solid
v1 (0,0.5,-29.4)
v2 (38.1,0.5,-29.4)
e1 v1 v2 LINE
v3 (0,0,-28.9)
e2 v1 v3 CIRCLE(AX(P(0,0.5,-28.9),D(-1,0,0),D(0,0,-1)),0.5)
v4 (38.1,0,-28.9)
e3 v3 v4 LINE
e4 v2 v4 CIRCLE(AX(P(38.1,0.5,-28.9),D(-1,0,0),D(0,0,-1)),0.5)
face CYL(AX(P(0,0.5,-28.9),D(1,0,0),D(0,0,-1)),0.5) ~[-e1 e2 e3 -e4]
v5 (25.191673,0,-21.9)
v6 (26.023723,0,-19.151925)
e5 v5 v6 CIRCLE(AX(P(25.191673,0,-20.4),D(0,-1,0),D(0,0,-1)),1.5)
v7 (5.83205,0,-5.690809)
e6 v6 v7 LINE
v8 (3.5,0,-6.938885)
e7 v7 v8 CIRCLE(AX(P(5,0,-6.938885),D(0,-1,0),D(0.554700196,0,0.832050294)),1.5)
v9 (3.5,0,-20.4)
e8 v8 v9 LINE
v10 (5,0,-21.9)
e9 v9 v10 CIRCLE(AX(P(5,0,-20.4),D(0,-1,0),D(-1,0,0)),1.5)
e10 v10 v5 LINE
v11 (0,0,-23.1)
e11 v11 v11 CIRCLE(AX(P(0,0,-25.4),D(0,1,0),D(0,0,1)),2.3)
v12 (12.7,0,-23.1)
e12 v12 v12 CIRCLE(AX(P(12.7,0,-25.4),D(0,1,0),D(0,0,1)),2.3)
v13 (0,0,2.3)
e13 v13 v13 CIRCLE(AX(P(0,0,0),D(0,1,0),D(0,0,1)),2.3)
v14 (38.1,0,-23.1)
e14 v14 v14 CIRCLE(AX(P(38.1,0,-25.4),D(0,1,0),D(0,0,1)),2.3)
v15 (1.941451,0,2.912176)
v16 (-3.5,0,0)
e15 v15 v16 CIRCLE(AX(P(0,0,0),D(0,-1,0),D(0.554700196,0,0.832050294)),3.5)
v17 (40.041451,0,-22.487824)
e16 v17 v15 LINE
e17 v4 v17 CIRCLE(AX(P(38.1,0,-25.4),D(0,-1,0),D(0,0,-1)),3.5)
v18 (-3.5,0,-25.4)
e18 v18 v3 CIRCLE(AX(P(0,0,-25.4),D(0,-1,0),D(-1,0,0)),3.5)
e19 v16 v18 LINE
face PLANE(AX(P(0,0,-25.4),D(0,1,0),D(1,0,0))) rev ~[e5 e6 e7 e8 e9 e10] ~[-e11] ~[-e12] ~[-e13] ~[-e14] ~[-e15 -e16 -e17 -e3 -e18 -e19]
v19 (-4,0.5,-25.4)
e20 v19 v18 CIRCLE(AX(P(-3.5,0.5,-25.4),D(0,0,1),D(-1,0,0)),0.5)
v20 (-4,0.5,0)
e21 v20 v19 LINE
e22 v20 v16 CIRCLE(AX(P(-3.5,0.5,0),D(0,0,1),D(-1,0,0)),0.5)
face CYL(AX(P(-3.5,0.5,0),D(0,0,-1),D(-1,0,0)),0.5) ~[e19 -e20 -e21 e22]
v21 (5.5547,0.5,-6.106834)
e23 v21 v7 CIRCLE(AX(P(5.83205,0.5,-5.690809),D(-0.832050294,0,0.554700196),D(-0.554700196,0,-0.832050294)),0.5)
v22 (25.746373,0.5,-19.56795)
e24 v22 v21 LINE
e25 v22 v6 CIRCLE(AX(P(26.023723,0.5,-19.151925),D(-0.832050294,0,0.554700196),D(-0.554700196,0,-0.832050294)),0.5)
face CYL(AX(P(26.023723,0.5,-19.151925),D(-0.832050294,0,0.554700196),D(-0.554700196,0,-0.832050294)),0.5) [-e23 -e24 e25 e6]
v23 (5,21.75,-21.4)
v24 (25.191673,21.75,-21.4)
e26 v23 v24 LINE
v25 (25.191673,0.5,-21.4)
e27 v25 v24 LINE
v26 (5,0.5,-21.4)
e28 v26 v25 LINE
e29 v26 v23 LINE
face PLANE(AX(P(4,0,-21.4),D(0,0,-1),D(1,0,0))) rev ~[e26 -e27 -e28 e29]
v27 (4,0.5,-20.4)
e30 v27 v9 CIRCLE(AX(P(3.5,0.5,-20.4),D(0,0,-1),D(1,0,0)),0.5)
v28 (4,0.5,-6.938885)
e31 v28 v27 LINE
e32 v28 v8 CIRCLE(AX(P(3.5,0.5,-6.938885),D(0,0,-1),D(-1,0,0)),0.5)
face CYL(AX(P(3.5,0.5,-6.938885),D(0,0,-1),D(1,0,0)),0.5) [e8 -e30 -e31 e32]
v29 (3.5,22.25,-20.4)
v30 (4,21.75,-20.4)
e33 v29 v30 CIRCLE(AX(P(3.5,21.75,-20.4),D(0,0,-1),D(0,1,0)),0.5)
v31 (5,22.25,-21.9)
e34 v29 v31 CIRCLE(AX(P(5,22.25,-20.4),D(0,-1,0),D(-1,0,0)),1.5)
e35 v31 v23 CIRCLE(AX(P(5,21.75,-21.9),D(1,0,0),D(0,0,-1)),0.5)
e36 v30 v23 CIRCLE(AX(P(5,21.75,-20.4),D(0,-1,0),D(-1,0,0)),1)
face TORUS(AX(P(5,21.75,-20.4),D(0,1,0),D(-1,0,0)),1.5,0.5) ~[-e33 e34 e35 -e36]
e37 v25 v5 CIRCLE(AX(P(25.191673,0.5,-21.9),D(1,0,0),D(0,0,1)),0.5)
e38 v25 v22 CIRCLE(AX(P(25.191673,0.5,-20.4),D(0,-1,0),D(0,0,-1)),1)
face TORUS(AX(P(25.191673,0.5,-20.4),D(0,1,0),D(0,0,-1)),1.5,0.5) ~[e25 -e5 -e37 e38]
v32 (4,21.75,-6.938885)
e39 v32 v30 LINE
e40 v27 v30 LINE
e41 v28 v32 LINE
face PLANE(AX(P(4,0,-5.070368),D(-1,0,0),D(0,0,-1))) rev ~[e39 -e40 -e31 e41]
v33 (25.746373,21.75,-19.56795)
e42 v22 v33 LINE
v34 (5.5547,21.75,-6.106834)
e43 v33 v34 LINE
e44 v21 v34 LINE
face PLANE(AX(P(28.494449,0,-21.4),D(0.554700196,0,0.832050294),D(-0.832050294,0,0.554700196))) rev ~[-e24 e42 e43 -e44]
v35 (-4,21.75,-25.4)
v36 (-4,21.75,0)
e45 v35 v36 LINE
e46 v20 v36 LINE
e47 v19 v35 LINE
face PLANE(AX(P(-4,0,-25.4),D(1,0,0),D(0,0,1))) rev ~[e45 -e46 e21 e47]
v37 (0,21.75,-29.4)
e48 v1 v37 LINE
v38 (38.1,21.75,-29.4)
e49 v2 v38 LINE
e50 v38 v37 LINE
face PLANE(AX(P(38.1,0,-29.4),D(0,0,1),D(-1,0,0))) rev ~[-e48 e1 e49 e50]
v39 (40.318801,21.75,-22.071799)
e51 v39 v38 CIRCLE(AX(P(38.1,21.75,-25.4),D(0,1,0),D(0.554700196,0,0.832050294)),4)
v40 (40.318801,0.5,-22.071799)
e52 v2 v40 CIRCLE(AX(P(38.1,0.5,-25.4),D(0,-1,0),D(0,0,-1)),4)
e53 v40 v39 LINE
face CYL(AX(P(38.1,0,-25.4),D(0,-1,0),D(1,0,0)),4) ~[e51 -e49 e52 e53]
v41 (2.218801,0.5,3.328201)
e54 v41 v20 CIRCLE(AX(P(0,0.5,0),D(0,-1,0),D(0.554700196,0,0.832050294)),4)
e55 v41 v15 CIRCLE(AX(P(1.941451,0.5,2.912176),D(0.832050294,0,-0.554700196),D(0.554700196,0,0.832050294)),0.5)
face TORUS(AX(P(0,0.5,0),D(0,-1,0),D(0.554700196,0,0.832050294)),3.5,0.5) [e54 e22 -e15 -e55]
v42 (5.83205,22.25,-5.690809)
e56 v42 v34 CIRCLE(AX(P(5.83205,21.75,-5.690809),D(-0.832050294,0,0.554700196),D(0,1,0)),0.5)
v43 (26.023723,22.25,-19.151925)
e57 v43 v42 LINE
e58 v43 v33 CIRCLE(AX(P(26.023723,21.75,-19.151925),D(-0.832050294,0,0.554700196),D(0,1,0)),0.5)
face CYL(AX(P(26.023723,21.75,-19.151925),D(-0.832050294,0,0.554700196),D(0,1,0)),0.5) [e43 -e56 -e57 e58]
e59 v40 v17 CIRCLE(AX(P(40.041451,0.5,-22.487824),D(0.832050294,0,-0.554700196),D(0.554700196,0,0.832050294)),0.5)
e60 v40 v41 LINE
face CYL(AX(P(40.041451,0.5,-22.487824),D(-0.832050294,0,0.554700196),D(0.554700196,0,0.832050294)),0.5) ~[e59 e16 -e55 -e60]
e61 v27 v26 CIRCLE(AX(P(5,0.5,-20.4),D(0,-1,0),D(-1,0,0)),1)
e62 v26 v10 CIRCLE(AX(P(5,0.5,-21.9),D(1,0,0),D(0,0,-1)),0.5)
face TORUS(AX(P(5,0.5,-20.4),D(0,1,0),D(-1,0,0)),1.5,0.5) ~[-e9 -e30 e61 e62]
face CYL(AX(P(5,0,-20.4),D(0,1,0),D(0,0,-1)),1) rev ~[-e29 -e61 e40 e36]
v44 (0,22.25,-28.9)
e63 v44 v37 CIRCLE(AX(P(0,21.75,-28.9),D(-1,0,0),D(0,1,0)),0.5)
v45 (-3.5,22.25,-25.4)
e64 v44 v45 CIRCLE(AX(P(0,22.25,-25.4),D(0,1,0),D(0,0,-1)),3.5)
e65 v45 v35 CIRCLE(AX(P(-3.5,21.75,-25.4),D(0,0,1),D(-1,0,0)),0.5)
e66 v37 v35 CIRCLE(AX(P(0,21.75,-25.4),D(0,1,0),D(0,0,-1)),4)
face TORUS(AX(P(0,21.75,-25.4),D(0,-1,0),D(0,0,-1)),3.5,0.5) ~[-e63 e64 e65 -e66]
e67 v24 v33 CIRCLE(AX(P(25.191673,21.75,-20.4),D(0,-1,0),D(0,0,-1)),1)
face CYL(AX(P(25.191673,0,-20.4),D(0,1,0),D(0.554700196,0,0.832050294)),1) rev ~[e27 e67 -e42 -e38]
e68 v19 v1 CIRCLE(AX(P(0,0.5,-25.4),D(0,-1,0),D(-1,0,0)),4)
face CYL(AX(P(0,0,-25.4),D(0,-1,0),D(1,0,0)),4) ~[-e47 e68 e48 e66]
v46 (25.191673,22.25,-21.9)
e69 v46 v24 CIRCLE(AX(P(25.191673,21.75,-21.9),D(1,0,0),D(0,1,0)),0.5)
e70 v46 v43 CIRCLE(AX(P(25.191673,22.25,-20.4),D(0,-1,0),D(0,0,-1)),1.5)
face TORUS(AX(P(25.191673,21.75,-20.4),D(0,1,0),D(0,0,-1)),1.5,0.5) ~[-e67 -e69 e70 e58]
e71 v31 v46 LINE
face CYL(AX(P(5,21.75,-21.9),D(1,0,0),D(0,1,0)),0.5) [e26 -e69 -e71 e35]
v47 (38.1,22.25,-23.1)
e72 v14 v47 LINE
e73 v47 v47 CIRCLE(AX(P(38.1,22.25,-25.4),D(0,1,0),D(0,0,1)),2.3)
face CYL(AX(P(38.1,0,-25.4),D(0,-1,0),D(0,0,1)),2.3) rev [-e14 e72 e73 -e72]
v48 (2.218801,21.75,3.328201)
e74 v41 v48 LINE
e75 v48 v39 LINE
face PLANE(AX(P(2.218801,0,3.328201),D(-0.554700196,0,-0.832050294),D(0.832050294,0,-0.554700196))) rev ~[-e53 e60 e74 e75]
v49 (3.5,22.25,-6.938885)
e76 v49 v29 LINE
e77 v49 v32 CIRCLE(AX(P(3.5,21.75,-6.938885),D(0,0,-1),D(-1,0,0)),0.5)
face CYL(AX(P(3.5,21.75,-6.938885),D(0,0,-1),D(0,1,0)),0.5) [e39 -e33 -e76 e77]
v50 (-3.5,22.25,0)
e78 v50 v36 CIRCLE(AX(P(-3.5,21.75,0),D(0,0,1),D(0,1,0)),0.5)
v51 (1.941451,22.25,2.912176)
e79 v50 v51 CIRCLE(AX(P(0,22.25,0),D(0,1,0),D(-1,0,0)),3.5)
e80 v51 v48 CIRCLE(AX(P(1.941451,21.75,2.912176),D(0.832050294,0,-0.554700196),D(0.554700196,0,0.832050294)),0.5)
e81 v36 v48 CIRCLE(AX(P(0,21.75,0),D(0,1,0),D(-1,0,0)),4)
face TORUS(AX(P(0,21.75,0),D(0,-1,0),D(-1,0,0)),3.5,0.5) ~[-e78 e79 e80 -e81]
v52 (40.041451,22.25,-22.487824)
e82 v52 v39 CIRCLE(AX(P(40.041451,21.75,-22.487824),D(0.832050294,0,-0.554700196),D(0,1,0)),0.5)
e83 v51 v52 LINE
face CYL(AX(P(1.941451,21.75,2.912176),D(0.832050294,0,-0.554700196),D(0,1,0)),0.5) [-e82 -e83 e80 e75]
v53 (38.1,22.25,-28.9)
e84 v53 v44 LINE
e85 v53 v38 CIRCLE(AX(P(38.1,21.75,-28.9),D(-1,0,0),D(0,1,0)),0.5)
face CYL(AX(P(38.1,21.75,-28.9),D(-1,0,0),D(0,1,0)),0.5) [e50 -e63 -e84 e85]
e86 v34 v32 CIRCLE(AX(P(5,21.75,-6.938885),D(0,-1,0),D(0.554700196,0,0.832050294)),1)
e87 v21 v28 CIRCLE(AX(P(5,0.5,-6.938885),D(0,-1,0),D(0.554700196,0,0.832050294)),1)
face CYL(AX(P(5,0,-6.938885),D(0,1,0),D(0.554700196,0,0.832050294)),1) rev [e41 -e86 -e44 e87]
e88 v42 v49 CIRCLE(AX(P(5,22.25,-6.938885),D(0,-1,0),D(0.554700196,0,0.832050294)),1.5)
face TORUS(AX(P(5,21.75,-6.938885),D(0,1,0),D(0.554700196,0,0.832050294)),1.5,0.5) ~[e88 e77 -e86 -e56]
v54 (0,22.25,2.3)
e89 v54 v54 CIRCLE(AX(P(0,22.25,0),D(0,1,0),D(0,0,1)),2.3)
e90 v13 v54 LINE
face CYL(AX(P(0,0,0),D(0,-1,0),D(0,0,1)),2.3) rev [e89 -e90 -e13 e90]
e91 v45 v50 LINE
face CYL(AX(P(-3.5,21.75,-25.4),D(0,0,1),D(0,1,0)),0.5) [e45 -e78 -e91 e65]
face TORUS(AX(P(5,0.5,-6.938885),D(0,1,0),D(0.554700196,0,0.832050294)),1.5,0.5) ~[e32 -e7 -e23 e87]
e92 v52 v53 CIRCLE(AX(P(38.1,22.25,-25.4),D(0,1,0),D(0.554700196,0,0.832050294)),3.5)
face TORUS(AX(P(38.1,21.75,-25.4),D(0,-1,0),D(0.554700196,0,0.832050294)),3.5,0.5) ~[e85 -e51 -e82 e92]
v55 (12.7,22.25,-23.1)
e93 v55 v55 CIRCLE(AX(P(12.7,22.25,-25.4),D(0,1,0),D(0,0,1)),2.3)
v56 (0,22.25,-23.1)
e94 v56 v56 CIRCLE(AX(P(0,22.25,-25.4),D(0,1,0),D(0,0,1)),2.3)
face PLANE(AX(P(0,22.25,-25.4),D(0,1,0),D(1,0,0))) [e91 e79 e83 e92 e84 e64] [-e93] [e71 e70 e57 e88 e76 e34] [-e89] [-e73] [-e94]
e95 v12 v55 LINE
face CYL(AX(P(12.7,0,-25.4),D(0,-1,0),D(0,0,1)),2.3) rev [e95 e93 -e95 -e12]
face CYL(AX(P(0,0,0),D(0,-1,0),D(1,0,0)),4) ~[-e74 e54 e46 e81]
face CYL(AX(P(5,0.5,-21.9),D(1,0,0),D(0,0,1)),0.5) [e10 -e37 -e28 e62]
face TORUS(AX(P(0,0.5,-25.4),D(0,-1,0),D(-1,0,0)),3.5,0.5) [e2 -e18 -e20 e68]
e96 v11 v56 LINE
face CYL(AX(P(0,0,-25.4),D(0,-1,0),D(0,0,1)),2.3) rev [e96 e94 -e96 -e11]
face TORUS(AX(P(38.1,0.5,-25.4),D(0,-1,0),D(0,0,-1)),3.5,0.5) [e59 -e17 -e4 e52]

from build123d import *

# Parameters (mm, degrees)
SKETCH1_R           = 2.3
SKETCH1_R_2         = 4
BOSS_EXTRUDE1_DEPTH = 22.25
FILLET1_R           = 1
FILLET2_R           = 0.5


with BuildPart() as part:
    # Sketch1 → Boss-Extrude1 (new body)
    # profile 1 of 4: a face of its own
    with BuildSketch(Plane(origin=(0, 0, 0), x_dir=(1, 0, 0), z_dir=(0, 1, 0))):
        with BuildLine():
            ThreePointArc((4, 25.4), (0, 21.4), (-4, 25.4))
            Line((-4, 25.4), (-4, 0))
            ThreePointArc((-4, 0), (0, 4), (4, 0))
            ThreePointArc((4, 0), (3.526698395, -1.887431702), (2.218800785, -3.328201177))
            Line((2.218800785, -3.328201177), (40.318800785, 22.071798823))
            ThreePointArc((40.318800785, 22.071798823), (34.271631894, 24.240863405), (38.1, 29.4))
            Line((38.1, 29.4), (0, 29.4))
            ThreePointArc((0, 29.4), (2.828427125, 28.228427125), (4, 25.4))
        make_face()
        Polygon((4, 5.070367517), (4, 21.4), (28.494448725, 21.4), align=None, mode=Mode.SUBTRACT)
        with Locations(Location((12.7, 25.4, 0), (0, 0, 270))):
            Circle(SKETCH1_R, mode=Mode.SUBTRACT)
    # profile 2 of 4: a face of its own
    with BuildSketch(Plane(origin=(0, 0, 0), x_dir=(1, 0, 0), z_dir=(0, 1, 0))):
        Circle(SKETCH1_R_2)
        with Locations(Location((0, 0, 0), (0, 0, 270))):
            Circle(SKETCH1_R, mode=Mode.SUBTRACT)
    # profile 3 of 4: a face of its own
    with BuildSketch(Plane(origin=(0, 0, 0), x_dir=(1, 0, 0), z_dir=(0, 1, 0))):
        with Locations((38.1, 25.4)):
            Circle(SKETCH1_R_2)
        with Locations(Location((38.1, 25.4, 0), (0, 0, 270))):
            Circle(SKETCH1_R, mode=Mode.SUBTRACT)
    # profile 4 of 4: a face of its own
    with BuildSketch(Plane(origin=(0, 0, 0), x_dir=(1, 0, 0), z_dir=(0, 1, 0))):
        with Locations((0, 25.4)):
            Circle(SKETCH1_R_2)
        with Locations(Location((0, 25.4, 0), (0, 0, 270))):
            Circle(SKETCH1_R, mode=Mode.SUBTRACT)
    extrude(amount=BOSS_EXTRUDE1_DEPTH)

    # Fillet1
    fillet1_edges = [part.edges().sort_by_distance(p)[0] for p in [
        (4, 11.125, -21.4),
        (4, 11.125, -5.070367517),
        (28.494448725, 11.125, -21.4),
    ]]
    fillet(fillet1_edges, radius=FILLET1_R)

    # Fillet2
    fillet2_edges = [part.edges().sort_by_distance(p)[0] for p in [
        (19.05, 22.25, -29.4),
        (-2.828427125, 22.25, -28.228427125),
        (41.928368106, 0, -26.559136595),
        (21.268800785, 0, -9.371798823),
        (-4, 22.25, -12.7),
        (-1.887431702, 0, 3.526698395),
        (-4, 0, -12.7),
        (-2.828427125, 0, -28.228427125),
        (19.05, 0, -29.4),
        (-1.887431702, 22.25, 3.526698395),
        (21.268800785, 22.25, -9.371798823),
        (41.928368106, 22.25, -26.559136595),
        (15.65053674, 0, -12.83739201),
        (15.65053674, 22.25, -12.83739201),
        (15.095836543, 0, -21.4),
        (15.095836543, 22.25, -21.4),
        (4, 0, -13.669442304),
        (4, 22.25, -13.669442304),
        (26.148765113, 0, -20.689784149),
        (26.148765113, 22.25, -20.689784149),
        (4.528142074, 0, -6.05721001),
        (4.528142074, 22.25, -6.05721001),
        (4.292893219, 0, -21.107106781),
        (4.292893219, 22.25, -21.107106781),
    ]]
    fillet(fillet2_edges, radius=FILLET2_R)


solid = part.part
